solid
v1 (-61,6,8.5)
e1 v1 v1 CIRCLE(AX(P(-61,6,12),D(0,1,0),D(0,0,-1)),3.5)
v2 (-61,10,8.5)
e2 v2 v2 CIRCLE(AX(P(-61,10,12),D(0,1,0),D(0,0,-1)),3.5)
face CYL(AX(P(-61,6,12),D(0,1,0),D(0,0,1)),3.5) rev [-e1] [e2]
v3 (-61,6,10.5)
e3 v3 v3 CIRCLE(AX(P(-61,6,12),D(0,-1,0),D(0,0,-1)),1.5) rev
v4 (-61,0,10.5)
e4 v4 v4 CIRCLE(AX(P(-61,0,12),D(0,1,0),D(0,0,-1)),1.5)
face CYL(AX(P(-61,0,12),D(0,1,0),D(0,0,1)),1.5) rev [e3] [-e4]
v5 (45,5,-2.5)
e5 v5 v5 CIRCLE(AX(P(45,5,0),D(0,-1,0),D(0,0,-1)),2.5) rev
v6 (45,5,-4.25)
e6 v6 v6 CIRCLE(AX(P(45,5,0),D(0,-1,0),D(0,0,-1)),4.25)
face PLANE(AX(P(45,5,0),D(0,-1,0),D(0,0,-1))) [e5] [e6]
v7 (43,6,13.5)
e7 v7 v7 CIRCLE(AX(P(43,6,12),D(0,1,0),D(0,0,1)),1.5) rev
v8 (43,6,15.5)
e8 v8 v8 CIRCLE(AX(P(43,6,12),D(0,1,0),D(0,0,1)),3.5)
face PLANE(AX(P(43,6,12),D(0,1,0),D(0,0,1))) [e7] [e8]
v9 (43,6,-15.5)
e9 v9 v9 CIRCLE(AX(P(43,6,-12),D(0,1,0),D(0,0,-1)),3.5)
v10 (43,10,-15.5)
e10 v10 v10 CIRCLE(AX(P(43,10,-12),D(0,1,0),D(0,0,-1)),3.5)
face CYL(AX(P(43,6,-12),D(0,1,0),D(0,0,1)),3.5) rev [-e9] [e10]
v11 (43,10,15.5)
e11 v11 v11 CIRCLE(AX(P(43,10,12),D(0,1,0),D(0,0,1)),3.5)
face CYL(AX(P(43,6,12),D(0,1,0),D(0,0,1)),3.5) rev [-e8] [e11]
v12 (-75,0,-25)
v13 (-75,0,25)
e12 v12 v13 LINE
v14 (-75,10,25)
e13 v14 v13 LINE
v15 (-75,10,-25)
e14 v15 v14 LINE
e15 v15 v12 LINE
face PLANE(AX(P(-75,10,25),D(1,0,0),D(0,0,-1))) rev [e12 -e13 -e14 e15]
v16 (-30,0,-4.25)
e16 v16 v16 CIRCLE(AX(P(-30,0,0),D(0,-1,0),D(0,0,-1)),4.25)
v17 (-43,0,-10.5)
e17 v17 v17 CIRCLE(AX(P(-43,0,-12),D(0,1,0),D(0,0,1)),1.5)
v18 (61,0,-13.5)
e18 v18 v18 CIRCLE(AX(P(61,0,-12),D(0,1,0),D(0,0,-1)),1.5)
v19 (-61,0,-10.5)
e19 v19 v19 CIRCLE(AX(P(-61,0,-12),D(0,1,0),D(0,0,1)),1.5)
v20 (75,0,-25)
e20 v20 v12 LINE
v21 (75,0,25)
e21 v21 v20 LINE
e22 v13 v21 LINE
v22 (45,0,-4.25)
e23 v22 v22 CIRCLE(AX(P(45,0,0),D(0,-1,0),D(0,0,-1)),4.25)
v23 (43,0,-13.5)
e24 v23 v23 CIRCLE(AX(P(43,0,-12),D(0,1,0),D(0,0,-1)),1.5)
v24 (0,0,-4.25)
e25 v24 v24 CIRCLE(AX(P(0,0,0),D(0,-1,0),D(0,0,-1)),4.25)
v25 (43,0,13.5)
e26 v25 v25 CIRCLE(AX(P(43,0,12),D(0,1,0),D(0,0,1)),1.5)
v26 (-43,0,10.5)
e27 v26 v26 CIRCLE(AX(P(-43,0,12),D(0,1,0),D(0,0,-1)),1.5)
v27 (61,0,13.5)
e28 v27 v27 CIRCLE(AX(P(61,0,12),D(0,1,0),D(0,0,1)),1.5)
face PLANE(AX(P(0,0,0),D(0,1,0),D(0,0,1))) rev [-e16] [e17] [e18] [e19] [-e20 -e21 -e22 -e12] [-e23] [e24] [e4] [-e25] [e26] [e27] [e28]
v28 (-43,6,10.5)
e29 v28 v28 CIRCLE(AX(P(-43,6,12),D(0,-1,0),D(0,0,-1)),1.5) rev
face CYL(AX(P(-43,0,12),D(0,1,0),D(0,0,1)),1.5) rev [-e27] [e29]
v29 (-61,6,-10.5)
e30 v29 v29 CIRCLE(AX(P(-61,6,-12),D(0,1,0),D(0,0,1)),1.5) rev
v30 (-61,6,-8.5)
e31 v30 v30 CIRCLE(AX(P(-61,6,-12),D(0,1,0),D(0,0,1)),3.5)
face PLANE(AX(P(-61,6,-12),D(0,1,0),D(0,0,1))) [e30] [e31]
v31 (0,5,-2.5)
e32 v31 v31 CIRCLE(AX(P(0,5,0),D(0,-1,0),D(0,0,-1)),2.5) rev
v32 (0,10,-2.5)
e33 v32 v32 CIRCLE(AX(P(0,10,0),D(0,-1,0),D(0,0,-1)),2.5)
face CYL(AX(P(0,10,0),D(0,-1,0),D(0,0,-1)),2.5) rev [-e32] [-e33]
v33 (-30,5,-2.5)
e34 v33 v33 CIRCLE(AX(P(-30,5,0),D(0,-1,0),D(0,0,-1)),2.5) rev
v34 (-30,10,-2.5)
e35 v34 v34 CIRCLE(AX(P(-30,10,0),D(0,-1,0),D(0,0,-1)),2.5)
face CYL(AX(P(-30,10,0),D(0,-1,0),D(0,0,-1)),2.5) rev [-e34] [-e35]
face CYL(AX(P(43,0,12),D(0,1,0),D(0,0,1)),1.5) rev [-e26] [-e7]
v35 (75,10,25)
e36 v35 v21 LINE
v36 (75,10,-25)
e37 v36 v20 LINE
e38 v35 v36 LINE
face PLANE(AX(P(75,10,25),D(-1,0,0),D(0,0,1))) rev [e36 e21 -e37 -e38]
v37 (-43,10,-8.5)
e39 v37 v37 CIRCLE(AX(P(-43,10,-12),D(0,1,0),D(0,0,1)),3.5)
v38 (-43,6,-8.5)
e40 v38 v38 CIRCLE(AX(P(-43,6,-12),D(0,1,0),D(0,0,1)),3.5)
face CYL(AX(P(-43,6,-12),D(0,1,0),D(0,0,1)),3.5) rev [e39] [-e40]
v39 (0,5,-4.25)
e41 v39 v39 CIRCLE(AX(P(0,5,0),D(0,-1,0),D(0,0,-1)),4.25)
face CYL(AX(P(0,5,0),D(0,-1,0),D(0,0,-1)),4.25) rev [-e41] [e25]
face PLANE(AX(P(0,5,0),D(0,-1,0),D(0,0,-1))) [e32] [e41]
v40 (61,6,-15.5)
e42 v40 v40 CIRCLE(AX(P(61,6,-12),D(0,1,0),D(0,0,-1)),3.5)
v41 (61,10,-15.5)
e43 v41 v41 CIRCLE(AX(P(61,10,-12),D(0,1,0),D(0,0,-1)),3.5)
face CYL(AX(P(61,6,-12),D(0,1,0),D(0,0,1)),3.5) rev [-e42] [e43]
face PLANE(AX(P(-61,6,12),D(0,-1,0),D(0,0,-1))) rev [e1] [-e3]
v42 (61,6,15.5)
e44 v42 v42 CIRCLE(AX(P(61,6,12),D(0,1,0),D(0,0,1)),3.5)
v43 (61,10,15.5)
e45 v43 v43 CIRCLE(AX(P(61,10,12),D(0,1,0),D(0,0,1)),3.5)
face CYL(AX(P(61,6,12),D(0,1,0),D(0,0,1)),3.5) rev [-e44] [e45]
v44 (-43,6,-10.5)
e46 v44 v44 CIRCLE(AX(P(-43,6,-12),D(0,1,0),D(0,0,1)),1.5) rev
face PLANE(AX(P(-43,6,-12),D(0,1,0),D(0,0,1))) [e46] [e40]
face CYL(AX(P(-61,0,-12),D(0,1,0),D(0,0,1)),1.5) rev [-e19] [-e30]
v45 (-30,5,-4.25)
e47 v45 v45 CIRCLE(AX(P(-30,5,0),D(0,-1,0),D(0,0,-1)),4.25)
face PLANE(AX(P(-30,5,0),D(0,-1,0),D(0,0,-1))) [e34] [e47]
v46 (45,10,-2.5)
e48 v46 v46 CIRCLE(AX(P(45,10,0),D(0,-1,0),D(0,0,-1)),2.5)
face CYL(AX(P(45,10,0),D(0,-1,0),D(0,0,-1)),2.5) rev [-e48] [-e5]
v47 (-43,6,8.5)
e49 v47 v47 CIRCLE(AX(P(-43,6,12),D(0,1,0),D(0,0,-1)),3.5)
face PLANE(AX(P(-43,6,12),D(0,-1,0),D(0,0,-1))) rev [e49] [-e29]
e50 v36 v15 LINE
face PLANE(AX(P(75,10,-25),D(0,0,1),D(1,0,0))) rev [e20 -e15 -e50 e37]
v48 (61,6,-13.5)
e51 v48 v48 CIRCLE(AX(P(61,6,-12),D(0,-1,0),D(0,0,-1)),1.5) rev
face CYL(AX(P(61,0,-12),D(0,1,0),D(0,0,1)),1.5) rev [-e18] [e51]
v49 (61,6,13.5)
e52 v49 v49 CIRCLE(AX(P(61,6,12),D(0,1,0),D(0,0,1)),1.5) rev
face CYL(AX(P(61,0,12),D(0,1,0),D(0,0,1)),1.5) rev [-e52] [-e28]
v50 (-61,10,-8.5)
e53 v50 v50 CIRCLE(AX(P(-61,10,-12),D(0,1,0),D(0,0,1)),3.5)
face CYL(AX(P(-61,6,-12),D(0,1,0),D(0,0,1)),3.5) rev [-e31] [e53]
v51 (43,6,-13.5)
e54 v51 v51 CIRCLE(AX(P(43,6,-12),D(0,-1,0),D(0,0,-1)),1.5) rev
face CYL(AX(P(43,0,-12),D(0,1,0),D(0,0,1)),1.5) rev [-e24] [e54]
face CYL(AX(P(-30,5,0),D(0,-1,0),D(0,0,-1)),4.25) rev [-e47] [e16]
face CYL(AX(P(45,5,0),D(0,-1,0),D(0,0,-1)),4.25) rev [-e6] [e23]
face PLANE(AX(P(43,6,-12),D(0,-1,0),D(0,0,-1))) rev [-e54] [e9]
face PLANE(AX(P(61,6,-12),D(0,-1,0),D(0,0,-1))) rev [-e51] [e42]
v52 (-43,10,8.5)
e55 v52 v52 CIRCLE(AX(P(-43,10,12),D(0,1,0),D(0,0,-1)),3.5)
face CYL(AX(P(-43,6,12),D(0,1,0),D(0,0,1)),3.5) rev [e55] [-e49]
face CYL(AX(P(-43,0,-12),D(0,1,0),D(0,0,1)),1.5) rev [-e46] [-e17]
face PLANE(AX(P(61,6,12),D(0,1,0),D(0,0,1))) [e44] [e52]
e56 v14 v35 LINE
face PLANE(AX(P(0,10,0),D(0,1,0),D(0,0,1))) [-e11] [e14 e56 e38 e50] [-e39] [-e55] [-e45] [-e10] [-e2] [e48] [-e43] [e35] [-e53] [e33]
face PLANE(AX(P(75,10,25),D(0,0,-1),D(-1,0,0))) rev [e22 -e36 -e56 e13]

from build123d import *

# Parameters (mm, degrees)
SKETCH1_W                         = 150
SKETCH1_H                         = 50
BOSS_EXTRUDE1_DEPTH               = 10
SKETCH2_R                         = 1.5
LINEAR_BEARING_MOUNT_DEPTH        = 11
SKETCH3_R                         = 2.5
SURFACE_PROFILE_MOUNT_DEPTH       = 11
SKETCH4_R                         = 4.25
SURF_PROF_MOUNT_COUNTERSINK_DEPTH = 5
SKETCH5_R                         = 3.5
CUT_EXTRUDE1_DEPTH                = 4


with BuildPart() as part:
    # Sketch1 → Boss-Extrude1 (new body)
    with BuildSketch(Plane(origin=(0, 0, 0), x_dir=(1, 0, 0), z_dir=(0, 1, 0))):
        Rectangle(SKETCH1_W, SKETCH1_H)
    extrude(amount=BOSS_EXTRUDE1_DEPTH)

    # Sketch2 → Linear_bearing_mount (cut, through all)
    with BuildSketch(Plane(origin=(0, 10, 0), x_dir=(1, 0, 0), z_dir=(0, 1, 0))):
        with Locations((-43, -12)):
            Circle(SKETCH2_R)
        with Locations((-61, -12)):
            Circle(SKETCH2_R)
        with Locations((43, -12)):
            Circle(SKETCH2_R)
        with Locations((61, -12)):
            Circle(SKETCH2_R)
        with Locations((61, 12)):
            Circle(SKETCH2_R)
        with Locations((43, 12)):
            Circle(SKETCH2_R)
        with Locations((-61, 12)):
            Circle(SKETCH2_R)
        with Locations((-43, 12)):
            Circle(SKETCH2_R)
    extrude(amount=-LINEAR_BEARING_MOUNT_DEPTH, mode=Mode.SUBTRACT)

    # Sketch3 → Surface_profile_mount (cut, through all)
    with BuildSketch(Plane.XZ):
        Circle(SKETCH3_R)
        with Locations((45, 0)):
            Circle(SKETCH3_R)
        with Locations((-30, 0)):
            Circle(SKETCH3_R)
    extrude(amount=-SURFACE_PROFILE_MOUNT_DEPTH, mode=Mode.SUBTRACT)

    # Sketch4 → Surf.prof.mount_countersink (cut)
    with BuildSketch(Plane.XZ):
        with Locations((45, 0)):
            Circle(SKETCH4_R)
        Circle(SKETCH4_R)
        with Locations((-30, 0)):
            Circle(SKETCH4_R)
    extrude(amount=-SURF_PROF_MOUNT_COUNTERSINK_DEPTH, mode=Mode.SUBTRACT)

    # Sketch5 → Cut-Extrude1 (cut)
    with BuildSketch(Plane(origin=(0, 10, 0), x_dir=(1, 0, 0), z_dir=(0, 1, 0))):
        with Locations((-61, 12)):
            Circle(SKETCH5_R)
        with Locations((-43, 12)):
            Circle(SKETCH5_R)
        with Locations((-43, -12)):
            Circle(SKETCH5_R)
        with Locations((-61, -12)):
            Circle(SKETCH5_R)
        with Locations((61, -12)):
            Circle(SKETCH5_R)
        with Locations((43, -12)):
            Circle(SKETCH5_R)
        with Locations((43, 12)):
            Circle(SKETCH5_R)
        with Locations((61, 12)):
            Circle(SKETCH5_R)
    extrude(amount=-CUT_EXTRUDE1_DEPTH, mode=Mode.SUBTRACT)


solid = part.part
